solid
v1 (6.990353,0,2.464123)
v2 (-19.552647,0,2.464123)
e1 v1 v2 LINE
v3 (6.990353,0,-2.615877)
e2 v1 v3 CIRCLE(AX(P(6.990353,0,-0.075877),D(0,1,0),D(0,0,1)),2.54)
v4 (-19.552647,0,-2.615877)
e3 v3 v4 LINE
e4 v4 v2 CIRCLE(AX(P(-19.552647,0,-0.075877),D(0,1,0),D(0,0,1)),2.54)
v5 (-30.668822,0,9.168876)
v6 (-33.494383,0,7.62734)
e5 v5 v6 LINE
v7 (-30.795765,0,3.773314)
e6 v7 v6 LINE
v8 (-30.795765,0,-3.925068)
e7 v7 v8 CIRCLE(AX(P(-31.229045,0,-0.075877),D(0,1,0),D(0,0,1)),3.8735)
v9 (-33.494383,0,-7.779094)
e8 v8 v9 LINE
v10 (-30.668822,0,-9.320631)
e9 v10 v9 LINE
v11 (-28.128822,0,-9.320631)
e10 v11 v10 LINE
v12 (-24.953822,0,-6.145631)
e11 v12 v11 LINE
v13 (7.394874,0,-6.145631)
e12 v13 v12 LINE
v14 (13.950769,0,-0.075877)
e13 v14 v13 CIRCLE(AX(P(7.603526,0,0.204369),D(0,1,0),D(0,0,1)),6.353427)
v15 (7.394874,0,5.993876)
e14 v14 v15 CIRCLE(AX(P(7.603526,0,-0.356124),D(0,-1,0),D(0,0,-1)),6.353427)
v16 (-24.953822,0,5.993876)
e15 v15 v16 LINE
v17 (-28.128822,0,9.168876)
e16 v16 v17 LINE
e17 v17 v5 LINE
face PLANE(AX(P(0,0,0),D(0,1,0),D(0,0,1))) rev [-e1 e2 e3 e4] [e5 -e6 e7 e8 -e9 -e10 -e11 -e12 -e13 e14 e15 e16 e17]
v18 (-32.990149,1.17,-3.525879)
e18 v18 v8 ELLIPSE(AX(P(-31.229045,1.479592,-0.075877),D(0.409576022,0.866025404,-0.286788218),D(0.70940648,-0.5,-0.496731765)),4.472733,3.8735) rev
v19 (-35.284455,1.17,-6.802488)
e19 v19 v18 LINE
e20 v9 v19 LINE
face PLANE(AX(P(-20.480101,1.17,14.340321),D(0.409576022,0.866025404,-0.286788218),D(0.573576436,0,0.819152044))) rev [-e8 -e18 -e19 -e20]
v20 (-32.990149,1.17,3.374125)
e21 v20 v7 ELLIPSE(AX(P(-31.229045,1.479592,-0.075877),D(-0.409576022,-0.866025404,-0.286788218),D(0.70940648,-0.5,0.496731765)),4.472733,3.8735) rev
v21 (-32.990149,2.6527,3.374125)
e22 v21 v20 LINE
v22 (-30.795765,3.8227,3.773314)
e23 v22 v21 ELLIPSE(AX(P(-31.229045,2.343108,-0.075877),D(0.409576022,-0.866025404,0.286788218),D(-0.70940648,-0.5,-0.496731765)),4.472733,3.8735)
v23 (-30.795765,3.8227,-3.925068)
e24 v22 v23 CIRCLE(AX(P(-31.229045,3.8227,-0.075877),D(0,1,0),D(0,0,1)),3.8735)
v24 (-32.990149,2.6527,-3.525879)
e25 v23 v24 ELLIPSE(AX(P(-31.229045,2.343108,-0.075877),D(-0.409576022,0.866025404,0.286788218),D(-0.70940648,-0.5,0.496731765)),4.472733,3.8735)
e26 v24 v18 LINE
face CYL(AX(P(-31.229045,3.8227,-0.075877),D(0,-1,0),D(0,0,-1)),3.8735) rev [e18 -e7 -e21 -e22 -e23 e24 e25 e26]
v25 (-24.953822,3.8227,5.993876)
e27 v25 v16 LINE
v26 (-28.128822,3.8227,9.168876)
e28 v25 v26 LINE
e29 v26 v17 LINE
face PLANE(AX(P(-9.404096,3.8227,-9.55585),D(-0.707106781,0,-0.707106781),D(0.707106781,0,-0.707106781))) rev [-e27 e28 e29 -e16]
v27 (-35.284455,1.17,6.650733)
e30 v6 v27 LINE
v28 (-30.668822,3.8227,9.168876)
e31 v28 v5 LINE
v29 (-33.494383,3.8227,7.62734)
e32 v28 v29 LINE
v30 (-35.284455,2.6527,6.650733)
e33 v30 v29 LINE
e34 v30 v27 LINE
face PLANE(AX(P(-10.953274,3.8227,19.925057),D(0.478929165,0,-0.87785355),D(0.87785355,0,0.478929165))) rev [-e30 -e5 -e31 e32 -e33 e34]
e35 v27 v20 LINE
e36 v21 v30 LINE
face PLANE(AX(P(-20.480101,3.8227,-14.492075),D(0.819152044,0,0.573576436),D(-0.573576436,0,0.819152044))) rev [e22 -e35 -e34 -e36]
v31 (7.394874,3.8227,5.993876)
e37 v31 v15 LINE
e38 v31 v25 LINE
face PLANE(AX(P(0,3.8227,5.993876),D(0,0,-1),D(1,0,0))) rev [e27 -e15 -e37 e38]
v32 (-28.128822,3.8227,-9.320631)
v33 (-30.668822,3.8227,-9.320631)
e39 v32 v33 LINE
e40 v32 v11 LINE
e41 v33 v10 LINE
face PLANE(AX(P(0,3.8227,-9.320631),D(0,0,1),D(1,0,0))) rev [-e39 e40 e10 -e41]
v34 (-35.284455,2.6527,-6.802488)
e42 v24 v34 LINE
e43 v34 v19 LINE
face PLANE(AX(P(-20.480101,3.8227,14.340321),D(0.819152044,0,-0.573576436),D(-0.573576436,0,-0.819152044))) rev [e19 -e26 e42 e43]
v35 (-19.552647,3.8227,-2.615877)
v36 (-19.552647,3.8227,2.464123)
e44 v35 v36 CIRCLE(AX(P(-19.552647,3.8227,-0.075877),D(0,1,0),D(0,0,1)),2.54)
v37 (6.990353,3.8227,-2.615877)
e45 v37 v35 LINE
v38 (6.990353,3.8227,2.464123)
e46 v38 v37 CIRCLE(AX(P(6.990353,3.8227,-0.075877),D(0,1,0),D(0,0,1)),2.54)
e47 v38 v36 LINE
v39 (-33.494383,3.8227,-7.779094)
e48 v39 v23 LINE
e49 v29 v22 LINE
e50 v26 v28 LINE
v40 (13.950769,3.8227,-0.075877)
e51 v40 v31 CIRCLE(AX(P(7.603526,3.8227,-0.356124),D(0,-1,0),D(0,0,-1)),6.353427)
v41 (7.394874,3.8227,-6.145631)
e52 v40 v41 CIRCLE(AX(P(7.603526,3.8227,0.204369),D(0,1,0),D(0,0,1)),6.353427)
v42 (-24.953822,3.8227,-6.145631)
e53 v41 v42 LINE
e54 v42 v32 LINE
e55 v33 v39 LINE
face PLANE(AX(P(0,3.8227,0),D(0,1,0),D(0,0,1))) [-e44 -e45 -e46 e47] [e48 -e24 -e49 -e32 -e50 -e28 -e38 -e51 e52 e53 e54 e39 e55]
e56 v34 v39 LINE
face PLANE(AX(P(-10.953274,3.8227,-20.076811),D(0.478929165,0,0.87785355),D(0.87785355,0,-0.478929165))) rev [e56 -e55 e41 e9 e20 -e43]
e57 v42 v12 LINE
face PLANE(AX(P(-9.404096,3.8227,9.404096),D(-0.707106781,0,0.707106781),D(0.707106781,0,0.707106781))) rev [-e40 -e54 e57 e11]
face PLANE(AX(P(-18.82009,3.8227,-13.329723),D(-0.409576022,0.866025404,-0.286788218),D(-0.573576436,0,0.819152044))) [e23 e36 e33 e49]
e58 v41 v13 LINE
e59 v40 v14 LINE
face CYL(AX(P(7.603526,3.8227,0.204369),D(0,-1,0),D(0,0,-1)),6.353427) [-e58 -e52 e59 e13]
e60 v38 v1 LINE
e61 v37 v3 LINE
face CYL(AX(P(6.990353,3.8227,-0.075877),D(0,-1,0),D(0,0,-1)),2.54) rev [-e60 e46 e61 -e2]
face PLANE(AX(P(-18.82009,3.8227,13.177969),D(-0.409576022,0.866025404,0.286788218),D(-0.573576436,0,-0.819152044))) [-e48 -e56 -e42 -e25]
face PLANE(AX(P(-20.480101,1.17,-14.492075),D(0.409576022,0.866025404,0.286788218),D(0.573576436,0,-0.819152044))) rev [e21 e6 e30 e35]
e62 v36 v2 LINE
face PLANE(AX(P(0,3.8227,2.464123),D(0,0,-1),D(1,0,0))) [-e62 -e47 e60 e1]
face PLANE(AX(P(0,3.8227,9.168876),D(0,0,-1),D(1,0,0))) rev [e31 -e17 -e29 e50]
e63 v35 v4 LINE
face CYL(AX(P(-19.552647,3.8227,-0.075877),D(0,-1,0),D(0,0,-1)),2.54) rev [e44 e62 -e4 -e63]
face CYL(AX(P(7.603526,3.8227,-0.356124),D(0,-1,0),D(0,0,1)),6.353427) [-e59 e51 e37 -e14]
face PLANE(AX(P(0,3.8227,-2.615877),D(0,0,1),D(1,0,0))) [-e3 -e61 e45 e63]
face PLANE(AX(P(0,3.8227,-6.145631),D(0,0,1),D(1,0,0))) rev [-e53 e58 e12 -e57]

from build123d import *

# Parameters (mm, degrees)
BOSS_EXTRUDE1_DEPTH = 3.8227
CHAMFER1_SIZE       = 1.17
CHAMFER1_SIZE2      = 2.026499445


with BuildPart() as part:
    # Sketch1 → Boss-Extrude1 (new body)
    with BuildSketch(Plane(origin=(0, 0, 0), x_dir=(1, 0, 0), z_dir=(0, 1, 0))):
        with BuildLine():
            ThreePointArc((13.950769004, 0.075877145), (11.919896105, 4.457709898), (7.394873867, 6.145630734))
            Line((7.394873867, 6.145630734), (-24.953822463, 6.145630734))
            Line((-24.953822463, 6.145630734), (-28.128822463, 9.320630734))
            Line((-28.128822463, 9.320630734), (-30.668822463, 9.320630734))
            Line((-30.668822463, 9.320630734), (-35.284454716, 6.802487588))
            Line((-35.284454716, 6.802487588), (-32.99014897, 3.525879411))
            ThreePointArc((-32.99014897, 3.525879411), (-29.206377785, 3.379332749), (-27.355545164, 0.075877145))
            Line((-27.355545164, 0.075877145), (-22.092646818, 0.075877145))
            ThreePointArc((-22.092646818, 0.075877145), (-21.348698042, 1.87192837), (-19.552646818, 2.615877145))
            Line((-19.552646818, 2.615877145), (6.926853182, 2.615877145))
            Line((6.926853182, 2.615877145), (6.990353182, 2.615877145))
            ThreePointArc((6.990353182, 2.615877145), (8.786404406, 1.87192837), (9.530353182, 0.075877145))
            Line((9.530353182, 0.075877145), (13.950769004, 0.075877145))
        make_face()
    extrude(amount=BOSS_EXTRUDE1_DEPTH)

    # Chamfer1
    chamfer1_edges = [part.edges().sort_by_distance(p)[0] for p in [
        (-34.137301843, 0, -5.1641835),
        (-34.137301843, 3.8227, -5.1641835),
    ]]
    chamfer1_side = [part.faces().sort_by_distance(p)[0] for p in [
        (-34.137301843, 1.91135, -5.1641835),
    ]]
    chamfer(chamfer1_edges, length=CHAMFER1_SIZE, length2=CHAMFER1_SIZE2, reference=chamfer1_side[0])

    # Mirror1: part across plane


with BuildPart() as part_1:
    add(part.part)
    add(part.part.mirror(Plane(origin=(0, 3.8227, -0.075877145), x_dir=(1, 0, 0), z_dir=(0, 0, 1))))


solid = part_1.part
